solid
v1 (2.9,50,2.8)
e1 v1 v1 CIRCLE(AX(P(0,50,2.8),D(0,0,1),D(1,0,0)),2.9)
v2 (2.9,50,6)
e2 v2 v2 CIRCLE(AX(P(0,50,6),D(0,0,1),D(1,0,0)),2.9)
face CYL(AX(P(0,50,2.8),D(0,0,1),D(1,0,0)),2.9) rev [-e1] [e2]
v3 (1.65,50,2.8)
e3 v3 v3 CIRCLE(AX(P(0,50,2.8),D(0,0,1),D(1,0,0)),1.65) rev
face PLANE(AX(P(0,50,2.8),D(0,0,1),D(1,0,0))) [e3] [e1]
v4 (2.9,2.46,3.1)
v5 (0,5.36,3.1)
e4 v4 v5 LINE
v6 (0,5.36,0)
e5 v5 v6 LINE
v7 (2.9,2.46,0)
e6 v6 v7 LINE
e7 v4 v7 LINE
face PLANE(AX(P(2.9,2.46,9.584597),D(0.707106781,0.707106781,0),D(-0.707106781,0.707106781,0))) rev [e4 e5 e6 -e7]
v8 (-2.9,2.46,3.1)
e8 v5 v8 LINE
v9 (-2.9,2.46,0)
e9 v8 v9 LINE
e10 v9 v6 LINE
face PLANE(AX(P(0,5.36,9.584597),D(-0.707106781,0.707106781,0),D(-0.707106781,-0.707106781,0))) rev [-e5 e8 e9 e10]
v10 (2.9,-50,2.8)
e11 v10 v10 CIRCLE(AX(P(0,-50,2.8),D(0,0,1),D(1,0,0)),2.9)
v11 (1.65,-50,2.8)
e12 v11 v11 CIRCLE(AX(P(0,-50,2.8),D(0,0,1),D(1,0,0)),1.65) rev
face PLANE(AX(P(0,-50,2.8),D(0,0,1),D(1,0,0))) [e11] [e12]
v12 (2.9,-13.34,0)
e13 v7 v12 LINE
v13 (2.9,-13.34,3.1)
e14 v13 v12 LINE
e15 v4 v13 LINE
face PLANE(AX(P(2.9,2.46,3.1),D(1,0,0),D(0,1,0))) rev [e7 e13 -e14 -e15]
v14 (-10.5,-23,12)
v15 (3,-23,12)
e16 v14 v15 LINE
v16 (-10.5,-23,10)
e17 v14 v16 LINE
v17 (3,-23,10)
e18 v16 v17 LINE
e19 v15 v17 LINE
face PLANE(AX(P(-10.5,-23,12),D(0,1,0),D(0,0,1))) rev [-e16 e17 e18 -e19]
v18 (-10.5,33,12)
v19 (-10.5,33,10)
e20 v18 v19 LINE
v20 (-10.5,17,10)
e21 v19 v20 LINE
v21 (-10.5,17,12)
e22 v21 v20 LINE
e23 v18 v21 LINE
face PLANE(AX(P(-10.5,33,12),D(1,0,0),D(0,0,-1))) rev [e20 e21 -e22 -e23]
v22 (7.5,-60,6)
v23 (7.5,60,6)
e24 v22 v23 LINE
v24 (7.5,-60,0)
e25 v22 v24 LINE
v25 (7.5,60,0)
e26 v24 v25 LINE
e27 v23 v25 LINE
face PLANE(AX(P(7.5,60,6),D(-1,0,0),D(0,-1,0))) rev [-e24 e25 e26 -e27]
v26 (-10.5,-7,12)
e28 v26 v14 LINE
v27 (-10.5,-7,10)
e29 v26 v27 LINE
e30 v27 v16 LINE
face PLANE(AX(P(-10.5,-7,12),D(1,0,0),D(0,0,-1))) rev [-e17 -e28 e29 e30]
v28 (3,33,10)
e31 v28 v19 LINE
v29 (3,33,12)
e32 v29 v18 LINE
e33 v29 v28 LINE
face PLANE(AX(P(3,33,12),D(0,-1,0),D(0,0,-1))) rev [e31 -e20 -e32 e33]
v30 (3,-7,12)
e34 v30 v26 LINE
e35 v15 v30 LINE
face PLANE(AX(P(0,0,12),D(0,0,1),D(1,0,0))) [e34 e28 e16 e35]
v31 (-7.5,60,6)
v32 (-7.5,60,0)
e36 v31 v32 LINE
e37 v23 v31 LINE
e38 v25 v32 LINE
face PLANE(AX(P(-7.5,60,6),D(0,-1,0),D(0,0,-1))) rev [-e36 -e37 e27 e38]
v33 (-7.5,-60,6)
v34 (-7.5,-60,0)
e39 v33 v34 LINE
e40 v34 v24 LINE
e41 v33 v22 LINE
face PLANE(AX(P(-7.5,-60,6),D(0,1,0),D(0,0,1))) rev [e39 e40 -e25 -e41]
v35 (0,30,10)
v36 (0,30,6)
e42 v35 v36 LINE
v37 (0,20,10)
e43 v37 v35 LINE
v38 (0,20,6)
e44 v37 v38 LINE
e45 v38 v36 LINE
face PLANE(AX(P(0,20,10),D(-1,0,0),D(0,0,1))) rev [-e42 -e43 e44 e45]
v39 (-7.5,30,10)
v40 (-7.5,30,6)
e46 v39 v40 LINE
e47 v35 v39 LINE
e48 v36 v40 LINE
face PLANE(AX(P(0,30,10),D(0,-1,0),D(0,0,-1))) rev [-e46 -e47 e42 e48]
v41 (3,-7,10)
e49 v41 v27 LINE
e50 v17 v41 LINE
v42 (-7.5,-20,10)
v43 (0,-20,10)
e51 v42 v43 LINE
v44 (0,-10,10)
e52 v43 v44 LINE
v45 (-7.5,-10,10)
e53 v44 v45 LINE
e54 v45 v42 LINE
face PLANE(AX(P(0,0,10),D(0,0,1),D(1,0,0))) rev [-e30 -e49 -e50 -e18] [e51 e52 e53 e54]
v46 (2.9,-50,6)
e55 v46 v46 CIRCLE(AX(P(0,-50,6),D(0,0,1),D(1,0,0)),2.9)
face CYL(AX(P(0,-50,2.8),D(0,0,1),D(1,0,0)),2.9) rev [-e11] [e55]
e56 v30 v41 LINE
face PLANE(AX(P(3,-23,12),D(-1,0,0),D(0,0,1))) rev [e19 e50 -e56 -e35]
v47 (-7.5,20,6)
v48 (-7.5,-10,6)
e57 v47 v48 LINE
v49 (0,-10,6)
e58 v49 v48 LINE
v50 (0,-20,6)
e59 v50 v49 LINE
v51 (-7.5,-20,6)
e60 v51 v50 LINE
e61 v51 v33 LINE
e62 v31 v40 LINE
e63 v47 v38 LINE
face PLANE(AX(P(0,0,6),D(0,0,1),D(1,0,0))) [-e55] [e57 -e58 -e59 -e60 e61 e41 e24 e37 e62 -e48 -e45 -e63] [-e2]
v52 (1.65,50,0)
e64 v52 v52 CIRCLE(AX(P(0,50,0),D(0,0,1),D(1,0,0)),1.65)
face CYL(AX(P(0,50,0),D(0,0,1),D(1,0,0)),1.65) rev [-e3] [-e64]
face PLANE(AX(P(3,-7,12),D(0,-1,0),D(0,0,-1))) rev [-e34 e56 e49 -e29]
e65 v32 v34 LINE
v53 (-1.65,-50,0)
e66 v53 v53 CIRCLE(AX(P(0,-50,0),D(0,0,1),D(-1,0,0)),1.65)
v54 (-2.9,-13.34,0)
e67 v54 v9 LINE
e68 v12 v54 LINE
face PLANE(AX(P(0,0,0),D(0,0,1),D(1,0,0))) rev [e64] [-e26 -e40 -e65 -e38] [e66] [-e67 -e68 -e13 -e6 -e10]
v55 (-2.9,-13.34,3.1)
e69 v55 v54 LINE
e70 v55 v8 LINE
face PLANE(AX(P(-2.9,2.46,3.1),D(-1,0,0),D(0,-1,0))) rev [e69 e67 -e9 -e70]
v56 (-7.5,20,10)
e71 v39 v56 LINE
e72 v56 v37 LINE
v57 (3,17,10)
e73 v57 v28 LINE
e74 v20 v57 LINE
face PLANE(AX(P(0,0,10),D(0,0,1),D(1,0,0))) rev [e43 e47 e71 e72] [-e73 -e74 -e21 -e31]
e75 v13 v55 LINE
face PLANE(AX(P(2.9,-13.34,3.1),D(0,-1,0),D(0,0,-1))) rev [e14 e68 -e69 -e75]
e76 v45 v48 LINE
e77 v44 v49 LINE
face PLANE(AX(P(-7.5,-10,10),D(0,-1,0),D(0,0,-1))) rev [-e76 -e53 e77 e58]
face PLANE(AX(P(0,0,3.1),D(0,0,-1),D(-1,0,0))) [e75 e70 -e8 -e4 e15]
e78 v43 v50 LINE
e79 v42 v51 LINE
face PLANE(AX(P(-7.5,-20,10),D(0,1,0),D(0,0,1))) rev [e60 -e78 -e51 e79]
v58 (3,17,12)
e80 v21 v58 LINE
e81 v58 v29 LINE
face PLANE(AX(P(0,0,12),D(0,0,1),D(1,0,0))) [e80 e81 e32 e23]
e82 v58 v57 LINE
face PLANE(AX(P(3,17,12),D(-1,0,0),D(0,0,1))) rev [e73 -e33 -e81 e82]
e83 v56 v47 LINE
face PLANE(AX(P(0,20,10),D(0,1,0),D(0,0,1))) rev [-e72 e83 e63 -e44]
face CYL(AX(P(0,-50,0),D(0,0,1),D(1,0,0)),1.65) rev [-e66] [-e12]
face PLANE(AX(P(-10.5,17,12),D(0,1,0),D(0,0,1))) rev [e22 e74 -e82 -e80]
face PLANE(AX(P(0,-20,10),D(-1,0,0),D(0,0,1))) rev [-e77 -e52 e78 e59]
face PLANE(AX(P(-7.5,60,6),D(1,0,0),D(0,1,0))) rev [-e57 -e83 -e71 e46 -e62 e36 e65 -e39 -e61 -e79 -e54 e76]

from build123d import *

# Parameters (mm, degrees)
SKETCH_1_W          = 15
SKETCH_1_H          = 120
EXTRUDE_1_DEPTH     = 6
SKETCH_2_R          = 1.65
CUT_EXTRUDE_1_DEPTH = 61.763887302
SKETCH_3_W          = 5.8
SKETCH_3_H          = 15.8
CUT_EXTRUDE_2_DEPTH = 3.1
CUT_EXTRUDE_3_DEPTH = 3.1
SKETCH_5_R          = 2.9
CUT_EXTRUDE_4_DEPTH = 3.2
SKETCH_6_W          = 7.5
SKETCH_6_H          = 10
EXTRUDE_2_DEPTH     = 4
SKETCH_7_W          = 13.5
SKETCH_7_H          = 16
EXTRUDE_3_DEPTH     = 2


with BuildPart() as part:
    # 草图1 → 凸台-拉伸1 (new body)
    with BuildSketch(Plane.XY):
        Rectangle(SKETCH_1_W, SKETCH_1_H)
    extrude(amount=EXTRUDE_1_DEPTH)

    # 草图2 → 切除-拉伸1 (cut, through all)
    with BuildSketch(Plane.XY.offset(6)):
        with Locations((0, 50)):
            Circle(SKETCH_2_R)
        with Locations(Location((0, -50, 0), (0, 0, 180))):
            Circle(SKETCH_2_R)
    extrude(amount=-CUT_EXTRUDE_1_DEPTH, mode=Mode.SUBTRACT)

    # 草图3 → 切除-拉伸2 (cut)
    with BuildSketch(Plane(origin=(0, 0, 0), x_dir=(-1, 0, 0), z_dir=(0, 0, -1))):
        with Locations((0, -5.44)):
            Rectangle(SKETCH_3_W, SKETCH_3_H)
    extrude(amount=-CUT_EXTRUDE_2_DEPTH, mode=Mode.SUBTRACT)

    # 草图4 → 切除-拉伸3 (cut)
    with BuildSketch(Plane(origin=(0, 0, 0), x_dir=(-1, 0, 0), z_dir=(0, 0, -1))):
        Polygon((-2.9, 2.46), (0, 5.36), (2.9, 2.46), align=None)
    extrude(amount=-CUT_EXTRUDE_3_DEPTH, mode=Mode.SUBTRACT)

    # 草图5 → 切除-拉伸4 (cut)
    with BuildSketch(Plane.XY.offset(6)):
        with Locations((0, 50)):
            Circle(SKETCH_5_R)
        with Locations((0, -50)):
            Circle(SKETCH_5_R)
    extrude(amount=-CUT_EXTRUDE_4_DEPTH, mode=Mode.SUBTRACT)

    # 草图6 → 凸台-拉伸2 (add)
    with BuildSketch(Plane.XY.offset(6)):
        with Locations((-3.75, -15)):
            Rectangle(SKETCH_6_W, SKETCH_6_H)
        with Locations((-3.75, 25)):
            Rectangle(SKETCH_6_W, SKETCH_6_H)
    extrude(amount=EXTRUDE_2_DEPTH)

    # 草图7 → 凸台-拉伸3 (add)
    with BuildSketch(Plane.XY.offset(10)):
        with Locations((-3.75, 25)):
            Rectangle(SKETCH_7_W, SKETCH_7_H)
        with Locations((-3.75, -15)):
            Rectangle(SKETCH_7_W, SKETCH_7_H)
    extrude(amount=EXTRUDE_3_DEPTH)


solid = part.part
